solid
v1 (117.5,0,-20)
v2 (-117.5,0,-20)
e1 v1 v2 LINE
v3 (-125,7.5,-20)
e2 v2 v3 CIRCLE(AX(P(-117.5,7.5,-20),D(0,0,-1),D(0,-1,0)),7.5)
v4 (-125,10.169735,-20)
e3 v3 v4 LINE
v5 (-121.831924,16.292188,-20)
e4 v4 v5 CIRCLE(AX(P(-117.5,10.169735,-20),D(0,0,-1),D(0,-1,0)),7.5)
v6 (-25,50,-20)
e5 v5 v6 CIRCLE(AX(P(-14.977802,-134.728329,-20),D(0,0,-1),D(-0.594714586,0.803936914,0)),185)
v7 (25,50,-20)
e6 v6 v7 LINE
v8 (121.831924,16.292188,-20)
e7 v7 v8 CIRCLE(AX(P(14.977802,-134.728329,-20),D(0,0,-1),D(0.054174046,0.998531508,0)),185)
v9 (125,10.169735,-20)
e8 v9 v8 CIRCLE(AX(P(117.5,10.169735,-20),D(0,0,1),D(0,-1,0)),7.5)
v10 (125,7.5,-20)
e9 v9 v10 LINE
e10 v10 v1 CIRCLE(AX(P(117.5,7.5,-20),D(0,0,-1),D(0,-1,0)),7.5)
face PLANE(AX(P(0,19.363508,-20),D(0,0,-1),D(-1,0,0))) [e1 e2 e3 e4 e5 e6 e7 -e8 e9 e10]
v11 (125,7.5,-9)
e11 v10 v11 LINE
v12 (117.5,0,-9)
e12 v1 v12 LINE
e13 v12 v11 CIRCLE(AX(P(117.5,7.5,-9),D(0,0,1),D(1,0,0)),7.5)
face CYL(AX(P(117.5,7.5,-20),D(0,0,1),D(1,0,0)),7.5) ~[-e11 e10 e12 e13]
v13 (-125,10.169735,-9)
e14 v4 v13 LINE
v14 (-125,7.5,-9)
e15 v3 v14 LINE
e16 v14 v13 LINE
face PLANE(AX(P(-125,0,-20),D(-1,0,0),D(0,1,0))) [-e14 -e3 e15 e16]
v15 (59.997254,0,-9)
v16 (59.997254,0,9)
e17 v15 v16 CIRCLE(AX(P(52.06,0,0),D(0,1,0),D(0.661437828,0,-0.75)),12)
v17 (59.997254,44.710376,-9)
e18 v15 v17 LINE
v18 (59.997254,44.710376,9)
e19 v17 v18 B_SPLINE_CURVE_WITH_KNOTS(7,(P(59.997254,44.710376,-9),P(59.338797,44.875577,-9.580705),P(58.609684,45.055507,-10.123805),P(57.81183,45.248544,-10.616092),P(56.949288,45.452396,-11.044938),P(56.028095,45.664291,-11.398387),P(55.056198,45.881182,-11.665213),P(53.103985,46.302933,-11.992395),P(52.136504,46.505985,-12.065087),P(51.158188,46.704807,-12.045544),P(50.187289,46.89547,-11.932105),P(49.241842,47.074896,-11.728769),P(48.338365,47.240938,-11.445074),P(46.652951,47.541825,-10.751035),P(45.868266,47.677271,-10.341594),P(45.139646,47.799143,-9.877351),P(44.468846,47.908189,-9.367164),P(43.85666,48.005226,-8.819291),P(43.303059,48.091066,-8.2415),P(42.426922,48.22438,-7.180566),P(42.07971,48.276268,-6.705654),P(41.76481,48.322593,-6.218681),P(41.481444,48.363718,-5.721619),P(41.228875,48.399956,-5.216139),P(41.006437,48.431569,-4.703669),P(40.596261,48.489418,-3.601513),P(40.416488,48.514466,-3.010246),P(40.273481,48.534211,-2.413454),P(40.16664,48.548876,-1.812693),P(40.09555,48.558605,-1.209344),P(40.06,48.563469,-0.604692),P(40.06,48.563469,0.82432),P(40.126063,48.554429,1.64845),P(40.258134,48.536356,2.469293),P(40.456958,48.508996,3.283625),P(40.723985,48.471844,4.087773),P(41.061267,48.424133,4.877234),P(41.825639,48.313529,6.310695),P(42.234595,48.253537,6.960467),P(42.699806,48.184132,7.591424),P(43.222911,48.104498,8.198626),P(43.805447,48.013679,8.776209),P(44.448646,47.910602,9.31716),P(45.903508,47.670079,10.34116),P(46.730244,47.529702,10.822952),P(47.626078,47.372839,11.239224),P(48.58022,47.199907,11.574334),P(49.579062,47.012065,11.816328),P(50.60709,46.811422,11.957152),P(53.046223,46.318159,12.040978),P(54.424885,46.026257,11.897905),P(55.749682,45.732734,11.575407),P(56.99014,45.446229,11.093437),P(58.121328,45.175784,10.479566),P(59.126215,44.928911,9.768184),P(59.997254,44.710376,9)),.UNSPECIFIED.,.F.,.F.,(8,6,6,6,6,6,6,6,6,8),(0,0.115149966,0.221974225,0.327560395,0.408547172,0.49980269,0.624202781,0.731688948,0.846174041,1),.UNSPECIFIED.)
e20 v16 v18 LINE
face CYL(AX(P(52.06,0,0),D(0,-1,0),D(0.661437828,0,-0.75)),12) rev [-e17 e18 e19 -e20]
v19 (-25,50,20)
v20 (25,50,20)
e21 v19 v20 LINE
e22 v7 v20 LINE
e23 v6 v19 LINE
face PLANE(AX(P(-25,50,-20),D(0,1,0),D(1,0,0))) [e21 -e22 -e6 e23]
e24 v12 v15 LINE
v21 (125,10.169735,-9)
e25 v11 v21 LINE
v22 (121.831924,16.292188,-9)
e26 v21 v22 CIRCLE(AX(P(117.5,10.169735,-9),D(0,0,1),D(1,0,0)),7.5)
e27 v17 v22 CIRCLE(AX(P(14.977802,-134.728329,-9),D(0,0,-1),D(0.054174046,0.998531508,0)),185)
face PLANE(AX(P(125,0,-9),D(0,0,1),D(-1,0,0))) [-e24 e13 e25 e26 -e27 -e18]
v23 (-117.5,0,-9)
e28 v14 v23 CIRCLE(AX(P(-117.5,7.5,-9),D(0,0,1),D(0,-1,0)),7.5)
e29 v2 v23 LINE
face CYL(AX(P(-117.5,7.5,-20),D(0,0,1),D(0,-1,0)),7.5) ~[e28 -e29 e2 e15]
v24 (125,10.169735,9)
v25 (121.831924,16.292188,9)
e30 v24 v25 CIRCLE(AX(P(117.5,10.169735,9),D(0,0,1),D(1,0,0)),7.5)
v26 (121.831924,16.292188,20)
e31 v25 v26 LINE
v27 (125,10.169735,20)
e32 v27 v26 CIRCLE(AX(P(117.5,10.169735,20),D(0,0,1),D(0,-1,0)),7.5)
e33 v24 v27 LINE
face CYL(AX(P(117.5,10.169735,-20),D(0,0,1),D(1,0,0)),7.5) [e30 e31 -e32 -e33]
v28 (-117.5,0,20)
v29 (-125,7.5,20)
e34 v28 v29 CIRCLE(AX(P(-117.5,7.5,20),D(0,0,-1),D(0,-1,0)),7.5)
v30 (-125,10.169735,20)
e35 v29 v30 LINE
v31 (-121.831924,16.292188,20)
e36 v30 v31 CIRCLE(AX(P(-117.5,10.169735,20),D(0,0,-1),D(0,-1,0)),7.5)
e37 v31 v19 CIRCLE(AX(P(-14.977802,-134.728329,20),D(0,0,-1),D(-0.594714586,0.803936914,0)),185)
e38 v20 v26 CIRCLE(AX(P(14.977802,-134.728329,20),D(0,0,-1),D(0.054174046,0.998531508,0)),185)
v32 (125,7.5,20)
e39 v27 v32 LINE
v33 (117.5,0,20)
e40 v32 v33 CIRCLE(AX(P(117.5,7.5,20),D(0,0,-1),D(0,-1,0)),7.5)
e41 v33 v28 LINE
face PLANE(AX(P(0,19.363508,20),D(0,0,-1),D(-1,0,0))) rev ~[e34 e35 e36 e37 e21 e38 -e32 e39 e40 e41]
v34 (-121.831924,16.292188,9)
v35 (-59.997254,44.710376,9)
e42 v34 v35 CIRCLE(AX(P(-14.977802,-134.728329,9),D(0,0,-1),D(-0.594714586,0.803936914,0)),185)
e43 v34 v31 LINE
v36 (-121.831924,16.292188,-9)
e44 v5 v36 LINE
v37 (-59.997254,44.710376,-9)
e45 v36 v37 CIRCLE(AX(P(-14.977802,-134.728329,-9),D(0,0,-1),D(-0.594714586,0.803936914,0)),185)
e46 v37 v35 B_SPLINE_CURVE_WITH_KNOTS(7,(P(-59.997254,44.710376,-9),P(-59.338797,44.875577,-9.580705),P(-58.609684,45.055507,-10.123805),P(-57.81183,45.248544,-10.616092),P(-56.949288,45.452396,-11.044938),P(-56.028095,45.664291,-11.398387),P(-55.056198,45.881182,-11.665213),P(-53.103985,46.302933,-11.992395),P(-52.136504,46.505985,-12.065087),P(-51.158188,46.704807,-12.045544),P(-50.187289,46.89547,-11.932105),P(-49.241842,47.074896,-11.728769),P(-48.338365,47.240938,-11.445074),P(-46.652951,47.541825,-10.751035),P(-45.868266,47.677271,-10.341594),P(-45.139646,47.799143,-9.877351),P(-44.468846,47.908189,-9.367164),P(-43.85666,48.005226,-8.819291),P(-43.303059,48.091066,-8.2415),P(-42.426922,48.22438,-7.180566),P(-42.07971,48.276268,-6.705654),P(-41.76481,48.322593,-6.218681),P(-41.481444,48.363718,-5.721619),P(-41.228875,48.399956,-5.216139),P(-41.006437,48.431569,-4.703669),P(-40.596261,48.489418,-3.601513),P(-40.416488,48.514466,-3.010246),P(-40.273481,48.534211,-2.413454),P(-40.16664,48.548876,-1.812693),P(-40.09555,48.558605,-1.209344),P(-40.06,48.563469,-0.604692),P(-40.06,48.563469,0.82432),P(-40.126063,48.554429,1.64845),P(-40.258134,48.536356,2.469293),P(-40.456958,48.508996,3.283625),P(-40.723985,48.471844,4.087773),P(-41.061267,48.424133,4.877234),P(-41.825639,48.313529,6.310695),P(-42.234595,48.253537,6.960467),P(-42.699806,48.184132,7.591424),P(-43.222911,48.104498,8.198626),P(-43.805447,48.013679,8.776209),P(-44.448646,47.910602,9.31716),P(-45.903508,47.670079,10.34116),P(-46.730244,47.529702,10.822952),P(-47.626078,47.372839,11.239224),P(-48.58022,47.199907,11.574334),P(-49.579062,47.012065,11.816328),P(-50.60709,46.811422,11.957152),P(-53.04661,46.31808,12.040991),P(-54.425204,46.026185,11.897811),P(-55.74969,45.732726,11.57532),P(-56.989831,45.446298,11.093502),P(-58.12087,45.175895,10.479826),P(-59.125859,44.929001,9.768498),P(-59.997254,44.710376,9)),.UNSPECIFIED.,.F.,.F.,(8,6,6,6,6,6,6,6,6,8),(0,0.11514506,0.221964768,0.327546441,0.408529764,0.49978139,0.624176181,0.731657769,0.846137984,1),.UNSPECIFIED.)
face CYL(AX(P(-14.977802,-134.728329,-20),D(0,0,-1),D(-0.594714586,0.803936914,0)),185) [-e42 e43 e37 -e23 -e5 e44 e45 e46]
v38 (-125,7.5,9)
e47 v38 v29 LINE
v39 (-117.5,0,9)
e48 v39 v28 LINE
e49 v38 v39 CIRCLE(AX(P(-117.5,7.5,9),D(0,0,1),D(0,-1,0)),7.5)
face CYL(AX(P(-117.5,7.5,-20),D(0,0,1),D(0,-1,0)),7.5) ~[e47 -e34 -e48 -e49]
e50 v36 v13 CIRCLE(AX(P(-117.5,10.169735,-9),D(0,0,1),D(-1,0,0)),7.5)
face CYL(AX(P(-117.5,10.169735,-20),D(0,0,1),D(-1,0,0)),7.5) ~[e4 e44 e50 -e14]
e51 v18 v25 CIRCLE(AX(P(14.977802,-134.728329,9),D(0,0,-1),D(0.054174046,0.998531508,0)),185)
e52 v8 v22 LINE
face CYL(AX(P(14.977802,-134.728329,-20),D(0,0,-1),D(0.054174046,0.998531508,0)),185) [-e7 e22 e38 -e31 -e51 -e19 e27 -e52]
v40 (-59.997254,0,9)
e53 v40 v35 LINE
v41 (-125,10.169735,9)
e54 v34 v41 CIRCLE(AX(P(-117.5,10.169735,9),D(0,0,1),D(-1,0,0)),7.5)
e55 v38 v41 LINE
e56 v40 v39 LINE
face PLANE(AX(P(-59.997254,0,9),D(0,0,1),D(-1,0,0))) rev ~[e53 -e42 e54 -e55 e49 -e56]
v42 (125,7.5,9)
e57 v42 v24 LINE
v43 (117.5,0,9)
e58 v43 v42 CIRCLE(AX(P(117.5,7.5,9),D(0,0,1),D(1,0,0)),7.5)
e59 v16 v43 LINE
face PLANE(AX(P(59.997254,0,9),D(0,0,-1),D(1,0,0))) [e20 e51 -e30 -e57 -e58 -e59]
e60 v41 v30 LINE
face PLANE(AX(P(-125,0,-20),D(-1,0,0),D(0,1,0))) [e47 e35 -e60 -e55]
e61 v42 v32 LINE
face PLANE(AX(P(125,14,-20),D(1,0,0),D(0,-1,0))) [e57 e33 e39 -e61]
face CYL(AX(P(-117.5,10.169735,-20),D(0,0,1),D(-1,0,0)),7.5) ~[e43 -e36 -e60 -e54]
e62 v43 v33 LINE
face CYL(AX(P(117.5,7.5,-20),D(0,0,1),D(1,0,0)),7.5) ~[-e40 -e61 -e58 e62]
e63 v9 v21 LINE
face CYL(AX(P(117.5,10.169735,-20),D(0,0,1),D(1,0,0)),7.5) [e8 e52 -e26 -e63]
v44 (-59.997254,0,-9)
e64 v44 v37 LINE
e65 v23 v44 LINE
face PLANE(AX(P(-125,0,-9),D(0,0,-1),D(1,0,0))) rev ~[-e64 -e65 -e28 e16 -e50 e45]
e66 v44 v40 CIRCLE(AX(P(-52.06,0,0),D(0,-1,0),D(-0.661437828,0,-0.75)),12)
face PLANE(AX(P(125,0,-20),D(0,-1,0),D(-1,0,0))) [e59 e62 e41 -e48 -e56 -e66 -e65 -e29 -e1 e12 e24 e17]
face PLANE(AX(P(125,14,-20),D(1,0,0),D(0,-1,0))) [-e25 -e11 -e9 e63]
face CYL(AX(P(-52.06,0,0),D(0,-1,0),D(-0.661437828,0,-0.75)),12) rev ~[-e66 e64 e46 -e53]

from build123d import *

# Parameters (mm, degrees)
BOSS_EXTRUDE1_DEPTH      = 20
BOSS_EXTRUDE1_DEPTH_BACK = 20
FILLET4_R                = 7.5
FILLET5_R                = 7.5
FILLET6_R                = 7.5
FILLET7_R                = 7.5
CUT_EXTRUDE6_DEPTH       = 137.106575888


with BuildPart() as part:
    # Sketch1 → Boss-Extrude1 (new, two sides: drawn at the far end of the back side and taken through both)
    with BuildSketch(Plane.XY.offset(-BOSS_EXTRUDE1_DEPTH_BACK)):
        with BuildLine():
            Line((125, 0), (-125, 0))
            Line((-125, 0), (-125, 14))
            ThreePointArc((-125, 14), (-77.640903187, 39.335842187), (-25, 50))
            Line((-25, 50), (25, 50))
            ThreePointArc((25, 50), (77.640903187, 39.335842187), (125, 14))
            Line((125, 14), (125, 0))
        make_face()
    extrude(amount=BOSS_EXTRUDE1_DEPTH + BOSS_EXTRUDE1_DEPTH_BACK)

    # Fillet4
    fillet4_edges = [part.edges().sort_by_distance(p)[0] for p in [
        (-125, 14, 0),
    ]]
    fillet(fillet4_edges, radius=FILLET4_R)

    # Fillet5
    fillet5_edges = [part.edges().sort_by_distance(p)[0] for p in [
        (125, 14, 0),
    ]]
    fillet(fillet5_edges, radius=FILLET5_R)

    # Fillet6
    fillet6_edges = [part.edges().sort_by_distance(p)[0] for p in [
        (125, 0, 0),
    ]]
    fillet(fillet6_edges, radius=FILLET6_R)

    # Fillet7
    fillet7_edges = [part.edges().sort_by_distance(p)[0] for p in [
        (-125, 0, 0),
    ]]
    fillet(fillet7_edges, radius=FILLET7_R)

    # Sketch3 → Cut-Extrude6 (cut, through all)
    with BuildSketch(Plane(origin=(0, 0, 0), x_dir=(1, 0, 0), z_dir=(0, 1, 0))):
        with BuildLine():
            Line((-59.997253933, 9), (-125, 9))
            Line((-125, 9), (-125, -9))
            Line((-125, -9), (-59.997253933, -9))
            ThreePointArc((-59.997253933, -9), (-40.06, 0), (-59.997253933, 9))
        make_face()
        with BuildLine():
            Line((59.997253933, -9), (125, -9))
            Line((125, -9), (125, 9))
            Line((125, 9), (59.997253933, 9))
            ThreePointArc((59.997253933, 9), (40.06, 0), (59.997253933, -9))
        make_face()
    extrude(amount=CUT_EXTRUDE6_DEPTH, mode=Mode.SUBTRACT)


solid = part.part
